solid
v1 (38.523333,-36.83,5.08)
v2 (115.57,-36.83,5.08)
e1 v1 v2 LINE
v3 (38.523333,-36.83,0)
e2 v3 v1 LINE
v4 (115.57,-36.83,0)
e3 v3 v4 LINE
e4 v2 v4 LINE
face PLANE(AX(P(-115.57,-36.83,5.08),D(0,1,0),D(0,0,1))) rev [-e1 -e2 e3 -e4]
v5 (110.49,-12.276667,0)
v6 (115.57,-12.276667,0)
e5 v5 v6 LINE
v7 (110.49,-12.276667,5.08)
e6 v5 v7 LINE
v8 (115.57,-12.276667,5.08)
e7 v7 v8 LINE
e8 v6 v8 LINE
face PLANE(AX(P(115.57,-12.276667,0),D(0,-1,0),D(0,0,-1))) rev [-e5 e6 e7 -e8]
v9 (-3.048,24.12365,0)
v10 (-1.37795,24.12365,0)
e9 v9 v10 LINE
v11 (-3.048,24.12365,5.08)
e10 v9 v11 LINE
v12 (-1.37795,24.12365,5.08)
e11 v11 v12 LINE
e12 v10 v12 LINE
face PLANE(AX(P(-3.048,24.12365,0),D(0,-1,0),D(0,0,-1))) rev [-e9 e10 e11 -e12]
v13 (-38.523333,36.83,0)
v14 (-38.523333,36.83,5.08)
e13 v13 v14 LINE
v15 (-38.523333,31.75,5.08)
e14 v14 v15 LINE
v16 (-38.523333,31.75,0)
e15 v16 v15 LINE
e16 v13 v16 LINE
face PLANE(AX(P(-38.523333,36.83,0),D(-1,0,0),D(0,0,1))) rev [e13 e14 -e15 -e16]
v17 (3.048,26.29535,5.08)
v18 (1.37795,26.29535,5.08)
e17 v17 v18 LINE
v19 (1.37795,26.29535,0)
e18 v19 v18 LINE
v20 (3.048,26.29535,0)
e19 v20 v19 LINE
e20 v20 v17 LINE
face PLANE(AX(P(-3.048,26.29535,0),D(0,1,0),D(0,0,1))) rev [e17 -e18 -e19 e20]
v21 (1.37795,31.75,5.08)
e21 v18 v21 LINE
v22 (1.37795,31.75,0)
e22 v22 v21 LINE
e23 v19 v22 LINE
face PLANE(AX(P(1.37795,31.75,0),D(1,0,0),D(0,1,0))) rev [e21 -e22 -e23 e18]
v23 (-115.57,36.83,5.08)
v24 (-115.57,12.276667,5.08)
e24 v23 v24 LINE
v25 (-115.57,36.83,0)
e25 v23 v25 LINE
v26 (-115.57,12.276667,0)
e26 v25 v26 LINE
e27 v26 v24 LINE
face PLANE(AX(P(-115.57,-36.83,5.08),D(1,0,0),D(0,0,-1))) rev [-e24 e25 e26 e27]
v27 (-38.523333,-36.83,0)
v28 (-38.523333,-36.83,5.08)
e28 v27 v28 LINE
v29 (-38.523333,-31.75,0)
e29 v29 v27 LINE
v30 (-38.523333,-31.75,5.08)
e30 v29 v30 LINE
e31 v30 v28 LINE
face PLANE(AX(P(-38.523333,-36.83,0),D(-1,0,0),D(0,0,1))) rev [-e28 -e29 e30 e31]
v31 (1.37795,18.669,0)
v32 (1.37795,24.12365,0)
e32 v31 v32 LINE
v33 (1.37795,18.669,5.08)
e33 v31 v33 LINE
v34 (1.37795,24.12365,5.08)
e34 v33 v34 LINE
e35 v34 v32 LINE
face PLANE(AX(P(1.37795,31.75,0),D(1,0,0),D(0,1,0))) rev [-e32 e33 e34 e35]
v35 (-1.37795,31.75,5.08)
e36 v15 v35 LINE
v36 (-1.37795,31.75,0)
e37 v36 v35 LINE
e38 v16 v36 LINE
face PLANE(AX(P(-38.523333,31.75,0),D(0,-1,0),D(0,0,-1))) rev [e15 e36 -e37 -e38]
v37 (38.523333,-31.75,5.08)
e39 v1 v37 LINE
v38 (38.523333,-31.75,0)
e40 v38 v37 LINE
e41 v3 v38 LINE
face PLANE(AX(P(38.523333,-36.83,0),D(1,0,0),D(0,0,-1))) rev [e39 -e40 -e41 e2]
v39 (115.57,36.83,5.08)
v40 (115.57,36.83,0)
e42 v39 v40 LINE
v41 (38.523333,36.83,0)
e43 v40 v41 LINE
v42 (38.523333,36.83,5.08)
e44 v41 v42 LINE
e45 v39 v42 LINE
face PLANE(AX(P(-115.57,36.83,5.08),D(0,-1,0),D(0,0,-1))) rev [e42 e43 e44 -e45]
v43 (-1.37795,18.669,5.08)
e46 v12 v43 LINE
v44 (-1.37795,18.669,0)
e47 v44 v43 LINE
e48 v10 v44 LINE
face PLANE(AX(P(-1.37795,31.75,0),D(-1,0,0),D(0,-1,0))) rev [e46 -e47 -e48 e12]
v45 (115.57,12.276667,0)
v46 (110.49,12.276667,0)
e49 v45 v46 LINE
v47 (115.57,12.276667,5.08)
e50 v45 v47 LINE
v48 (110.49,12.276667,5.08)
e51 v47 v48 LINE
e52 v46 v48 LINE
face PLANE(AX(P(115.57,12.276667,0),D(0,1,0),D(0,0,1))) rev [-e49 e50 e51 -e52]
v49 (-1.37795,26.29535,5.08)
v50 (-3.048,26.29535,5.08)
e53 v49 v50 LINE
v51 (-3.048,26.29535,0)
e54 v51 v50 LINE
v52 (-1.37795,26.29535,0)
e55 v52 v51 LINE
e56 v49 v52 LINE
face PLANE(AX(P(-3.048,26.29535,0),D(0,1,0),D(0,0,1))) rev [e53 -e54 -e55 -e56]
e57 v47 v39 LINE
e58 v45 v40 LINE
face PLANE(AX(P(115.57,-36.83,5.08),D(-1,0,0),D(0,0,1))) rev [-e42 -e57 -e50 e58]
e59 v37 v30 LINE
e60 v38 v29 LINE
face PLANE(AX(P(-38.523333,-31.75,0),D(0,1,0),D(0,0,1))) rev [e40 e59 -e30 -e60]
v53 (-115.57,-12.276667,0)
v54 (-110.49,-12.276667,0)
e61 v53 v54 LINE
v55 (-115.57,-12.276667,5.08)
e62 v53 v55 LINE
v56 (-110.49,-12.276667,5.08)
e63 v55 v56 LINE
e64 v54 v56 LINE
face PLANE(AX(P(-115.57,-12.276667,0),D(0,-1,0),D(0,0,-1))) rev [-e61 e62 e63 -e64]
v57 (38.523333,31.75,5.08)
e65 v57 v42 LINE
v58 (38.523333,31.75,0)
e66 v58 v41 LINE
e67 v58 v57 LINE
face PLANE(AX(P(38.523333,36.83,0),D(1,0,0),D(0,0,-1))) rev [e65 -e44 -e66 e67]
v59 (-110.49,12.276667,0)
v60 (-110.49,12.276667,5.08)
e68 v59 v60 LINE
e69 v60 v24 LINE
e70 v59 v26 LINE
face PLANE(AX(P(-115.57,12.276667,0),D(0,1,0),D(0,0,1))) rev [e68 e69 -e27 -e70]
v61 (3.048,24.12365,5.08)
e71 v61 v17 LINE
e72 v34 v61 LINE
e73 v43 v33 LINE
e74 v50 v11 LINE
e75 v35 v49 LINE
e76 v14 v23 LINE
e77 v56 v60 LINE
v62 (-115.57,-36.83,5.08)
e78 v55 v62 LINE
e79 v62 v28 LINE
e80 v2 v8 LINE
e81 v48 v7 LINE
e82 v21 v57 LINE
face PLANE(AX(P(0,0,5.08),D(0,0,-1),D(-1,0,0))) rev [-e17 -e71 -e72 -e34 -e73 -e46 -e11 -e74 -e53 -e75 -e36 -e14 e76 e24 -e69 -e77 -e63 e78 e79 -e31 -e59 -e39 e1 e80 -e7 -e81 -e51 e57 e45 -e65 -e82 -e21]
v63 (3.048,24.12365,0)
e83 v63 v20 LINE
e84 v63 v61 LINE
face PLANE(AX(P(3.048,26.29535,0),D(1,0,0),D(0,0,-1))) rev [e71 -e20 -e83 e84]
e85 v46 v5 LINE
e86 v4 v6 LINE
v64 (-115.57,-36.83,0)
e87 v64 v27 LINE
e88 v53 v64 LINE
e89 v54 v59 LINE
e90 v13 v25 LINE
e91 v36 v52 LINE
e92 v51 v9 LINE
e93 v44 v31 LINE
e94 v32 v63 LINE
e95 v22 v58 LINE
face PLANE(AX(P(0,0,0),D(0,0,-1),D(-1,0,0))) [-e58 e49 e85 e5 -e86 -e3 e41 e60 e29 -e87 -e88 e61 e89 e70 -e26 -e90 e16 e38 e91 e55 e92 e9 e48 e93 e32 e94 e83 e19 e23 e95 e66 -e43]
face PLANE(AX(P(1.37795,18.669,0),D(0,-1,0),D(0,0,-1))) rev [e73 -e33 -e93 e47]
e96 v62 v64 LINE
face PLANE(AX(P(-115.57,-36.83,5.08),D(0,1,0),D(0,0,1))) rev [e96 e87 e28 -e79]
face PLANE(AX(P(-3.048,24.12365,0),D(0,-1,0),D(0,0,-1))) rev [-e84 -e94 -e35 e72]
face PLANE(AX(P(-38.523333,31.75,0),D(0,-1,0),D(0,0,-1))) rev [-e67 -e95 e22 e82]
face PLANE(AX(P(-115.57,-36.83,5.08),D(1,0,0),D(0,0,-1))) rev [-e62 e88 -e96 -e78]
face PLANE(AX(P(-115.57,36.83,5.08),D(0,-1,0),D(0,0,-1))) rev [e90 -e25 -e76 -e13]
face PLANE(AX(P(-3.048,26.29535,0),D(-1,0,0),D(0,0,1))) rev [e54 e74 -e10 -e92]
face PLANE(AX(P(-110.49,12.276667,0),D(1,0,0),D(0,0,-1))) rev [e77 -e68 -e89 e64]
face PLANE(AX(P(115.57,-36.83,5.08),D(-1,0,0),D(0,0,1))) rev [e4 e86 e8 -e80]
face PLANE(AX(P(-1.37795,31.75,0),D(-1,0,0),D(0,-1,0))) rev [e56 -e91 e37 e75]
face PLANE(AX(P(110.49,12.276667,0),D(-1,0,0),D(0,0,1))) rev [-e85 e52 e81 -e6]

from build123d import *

# Parameters (mm, degrees)
SKETCH1_W           = 231.14
SKETCH1_H           = 73.66
BOSS_EXTRUDE1_DEPTH = 5.08
SKETCH2_W           = 77.046666666
SKETCH2_H           = 5.08
CUT_EXTRUDE1_DEPTH  = 6.08
SKETCH3_W           = 5.08
SKETCH3_H           = 24.553333334
CUT_EXTRUDE2_DEPTH  = 6.08
SKETCH5_W           = 2.7559
SKETCH5_H           = 13.081
CUT_EXTRUDE4_DEPTH  = 6.08
SKETCH6_W           = 6.096
SKETCH6_H           = 2.1717
CUT_EXTRUDE5_DEPTH  = 6.08


with BuildPart() as part:
    # Sketch1 → Boss-Extrude1 (new body)
    with BuildSketch(Plane.XY):
        Rectangle(SKETCH1_W, SKETCH1_H)
    extrude(amount=BOSS_EXTRUDE1_DEPTH)

    # Sketch2 → Cut-Extrude1 (cut, through all)
    with BuildSketch(Plane.XY.offset(5.08)):
        with Locations((0, -34.29)):
            Rectangle(SKETCH2_W, SKETCH2_H)
        with Locations((0, 34.29)):
            Rectangle(SKETCH2_W, SKETCH2_H)
    extrude(amount=-CUT_EXTRUDE1_DEPTH, mode=Mode.SUBTRACT)

    # Sketch3 → Cut-Extrude2 (cut, through all)
    with BuildSketch(Plane.XY.offset(5.08)):
        with Locations((-113.03, 0)):
            Rectangle(SKETCH3_W, SKETCH3_H)
        with Locations((113.03, 0)):
            Rectangle(SKETCH3_W, SKETCH3_H)
    extrude(amount=-CUT_EXTRUDE2_DEPTH, mode=Mode.SUBTRACT)

    # Sketch5 → Cut-Extrude4 (cut, through all)
    with BuildSketch(Plane.XY.offset(5.08)):
        with Locations((0, 25.2095)):
            Rectangle(SKETCH5_W, SKETCH5_H)
    extrude(amount=-CUT_EXTRUDE4_DEPTH, mode=Mode.SUBTRACT)

    # Sketch6 → Cut-Extrude5 (cut, through all)
    with BuildSketch(Plane.XY.offset(5.08)):
        with Locations((0, 25.2095)):
            Rectangle(SKETCH6_W, SKETCH6_H)
    extrude(amount=-CUT_EXTRUDE5_DEPTH, mode=Mode.SUBTRACT)


solid = part.part
